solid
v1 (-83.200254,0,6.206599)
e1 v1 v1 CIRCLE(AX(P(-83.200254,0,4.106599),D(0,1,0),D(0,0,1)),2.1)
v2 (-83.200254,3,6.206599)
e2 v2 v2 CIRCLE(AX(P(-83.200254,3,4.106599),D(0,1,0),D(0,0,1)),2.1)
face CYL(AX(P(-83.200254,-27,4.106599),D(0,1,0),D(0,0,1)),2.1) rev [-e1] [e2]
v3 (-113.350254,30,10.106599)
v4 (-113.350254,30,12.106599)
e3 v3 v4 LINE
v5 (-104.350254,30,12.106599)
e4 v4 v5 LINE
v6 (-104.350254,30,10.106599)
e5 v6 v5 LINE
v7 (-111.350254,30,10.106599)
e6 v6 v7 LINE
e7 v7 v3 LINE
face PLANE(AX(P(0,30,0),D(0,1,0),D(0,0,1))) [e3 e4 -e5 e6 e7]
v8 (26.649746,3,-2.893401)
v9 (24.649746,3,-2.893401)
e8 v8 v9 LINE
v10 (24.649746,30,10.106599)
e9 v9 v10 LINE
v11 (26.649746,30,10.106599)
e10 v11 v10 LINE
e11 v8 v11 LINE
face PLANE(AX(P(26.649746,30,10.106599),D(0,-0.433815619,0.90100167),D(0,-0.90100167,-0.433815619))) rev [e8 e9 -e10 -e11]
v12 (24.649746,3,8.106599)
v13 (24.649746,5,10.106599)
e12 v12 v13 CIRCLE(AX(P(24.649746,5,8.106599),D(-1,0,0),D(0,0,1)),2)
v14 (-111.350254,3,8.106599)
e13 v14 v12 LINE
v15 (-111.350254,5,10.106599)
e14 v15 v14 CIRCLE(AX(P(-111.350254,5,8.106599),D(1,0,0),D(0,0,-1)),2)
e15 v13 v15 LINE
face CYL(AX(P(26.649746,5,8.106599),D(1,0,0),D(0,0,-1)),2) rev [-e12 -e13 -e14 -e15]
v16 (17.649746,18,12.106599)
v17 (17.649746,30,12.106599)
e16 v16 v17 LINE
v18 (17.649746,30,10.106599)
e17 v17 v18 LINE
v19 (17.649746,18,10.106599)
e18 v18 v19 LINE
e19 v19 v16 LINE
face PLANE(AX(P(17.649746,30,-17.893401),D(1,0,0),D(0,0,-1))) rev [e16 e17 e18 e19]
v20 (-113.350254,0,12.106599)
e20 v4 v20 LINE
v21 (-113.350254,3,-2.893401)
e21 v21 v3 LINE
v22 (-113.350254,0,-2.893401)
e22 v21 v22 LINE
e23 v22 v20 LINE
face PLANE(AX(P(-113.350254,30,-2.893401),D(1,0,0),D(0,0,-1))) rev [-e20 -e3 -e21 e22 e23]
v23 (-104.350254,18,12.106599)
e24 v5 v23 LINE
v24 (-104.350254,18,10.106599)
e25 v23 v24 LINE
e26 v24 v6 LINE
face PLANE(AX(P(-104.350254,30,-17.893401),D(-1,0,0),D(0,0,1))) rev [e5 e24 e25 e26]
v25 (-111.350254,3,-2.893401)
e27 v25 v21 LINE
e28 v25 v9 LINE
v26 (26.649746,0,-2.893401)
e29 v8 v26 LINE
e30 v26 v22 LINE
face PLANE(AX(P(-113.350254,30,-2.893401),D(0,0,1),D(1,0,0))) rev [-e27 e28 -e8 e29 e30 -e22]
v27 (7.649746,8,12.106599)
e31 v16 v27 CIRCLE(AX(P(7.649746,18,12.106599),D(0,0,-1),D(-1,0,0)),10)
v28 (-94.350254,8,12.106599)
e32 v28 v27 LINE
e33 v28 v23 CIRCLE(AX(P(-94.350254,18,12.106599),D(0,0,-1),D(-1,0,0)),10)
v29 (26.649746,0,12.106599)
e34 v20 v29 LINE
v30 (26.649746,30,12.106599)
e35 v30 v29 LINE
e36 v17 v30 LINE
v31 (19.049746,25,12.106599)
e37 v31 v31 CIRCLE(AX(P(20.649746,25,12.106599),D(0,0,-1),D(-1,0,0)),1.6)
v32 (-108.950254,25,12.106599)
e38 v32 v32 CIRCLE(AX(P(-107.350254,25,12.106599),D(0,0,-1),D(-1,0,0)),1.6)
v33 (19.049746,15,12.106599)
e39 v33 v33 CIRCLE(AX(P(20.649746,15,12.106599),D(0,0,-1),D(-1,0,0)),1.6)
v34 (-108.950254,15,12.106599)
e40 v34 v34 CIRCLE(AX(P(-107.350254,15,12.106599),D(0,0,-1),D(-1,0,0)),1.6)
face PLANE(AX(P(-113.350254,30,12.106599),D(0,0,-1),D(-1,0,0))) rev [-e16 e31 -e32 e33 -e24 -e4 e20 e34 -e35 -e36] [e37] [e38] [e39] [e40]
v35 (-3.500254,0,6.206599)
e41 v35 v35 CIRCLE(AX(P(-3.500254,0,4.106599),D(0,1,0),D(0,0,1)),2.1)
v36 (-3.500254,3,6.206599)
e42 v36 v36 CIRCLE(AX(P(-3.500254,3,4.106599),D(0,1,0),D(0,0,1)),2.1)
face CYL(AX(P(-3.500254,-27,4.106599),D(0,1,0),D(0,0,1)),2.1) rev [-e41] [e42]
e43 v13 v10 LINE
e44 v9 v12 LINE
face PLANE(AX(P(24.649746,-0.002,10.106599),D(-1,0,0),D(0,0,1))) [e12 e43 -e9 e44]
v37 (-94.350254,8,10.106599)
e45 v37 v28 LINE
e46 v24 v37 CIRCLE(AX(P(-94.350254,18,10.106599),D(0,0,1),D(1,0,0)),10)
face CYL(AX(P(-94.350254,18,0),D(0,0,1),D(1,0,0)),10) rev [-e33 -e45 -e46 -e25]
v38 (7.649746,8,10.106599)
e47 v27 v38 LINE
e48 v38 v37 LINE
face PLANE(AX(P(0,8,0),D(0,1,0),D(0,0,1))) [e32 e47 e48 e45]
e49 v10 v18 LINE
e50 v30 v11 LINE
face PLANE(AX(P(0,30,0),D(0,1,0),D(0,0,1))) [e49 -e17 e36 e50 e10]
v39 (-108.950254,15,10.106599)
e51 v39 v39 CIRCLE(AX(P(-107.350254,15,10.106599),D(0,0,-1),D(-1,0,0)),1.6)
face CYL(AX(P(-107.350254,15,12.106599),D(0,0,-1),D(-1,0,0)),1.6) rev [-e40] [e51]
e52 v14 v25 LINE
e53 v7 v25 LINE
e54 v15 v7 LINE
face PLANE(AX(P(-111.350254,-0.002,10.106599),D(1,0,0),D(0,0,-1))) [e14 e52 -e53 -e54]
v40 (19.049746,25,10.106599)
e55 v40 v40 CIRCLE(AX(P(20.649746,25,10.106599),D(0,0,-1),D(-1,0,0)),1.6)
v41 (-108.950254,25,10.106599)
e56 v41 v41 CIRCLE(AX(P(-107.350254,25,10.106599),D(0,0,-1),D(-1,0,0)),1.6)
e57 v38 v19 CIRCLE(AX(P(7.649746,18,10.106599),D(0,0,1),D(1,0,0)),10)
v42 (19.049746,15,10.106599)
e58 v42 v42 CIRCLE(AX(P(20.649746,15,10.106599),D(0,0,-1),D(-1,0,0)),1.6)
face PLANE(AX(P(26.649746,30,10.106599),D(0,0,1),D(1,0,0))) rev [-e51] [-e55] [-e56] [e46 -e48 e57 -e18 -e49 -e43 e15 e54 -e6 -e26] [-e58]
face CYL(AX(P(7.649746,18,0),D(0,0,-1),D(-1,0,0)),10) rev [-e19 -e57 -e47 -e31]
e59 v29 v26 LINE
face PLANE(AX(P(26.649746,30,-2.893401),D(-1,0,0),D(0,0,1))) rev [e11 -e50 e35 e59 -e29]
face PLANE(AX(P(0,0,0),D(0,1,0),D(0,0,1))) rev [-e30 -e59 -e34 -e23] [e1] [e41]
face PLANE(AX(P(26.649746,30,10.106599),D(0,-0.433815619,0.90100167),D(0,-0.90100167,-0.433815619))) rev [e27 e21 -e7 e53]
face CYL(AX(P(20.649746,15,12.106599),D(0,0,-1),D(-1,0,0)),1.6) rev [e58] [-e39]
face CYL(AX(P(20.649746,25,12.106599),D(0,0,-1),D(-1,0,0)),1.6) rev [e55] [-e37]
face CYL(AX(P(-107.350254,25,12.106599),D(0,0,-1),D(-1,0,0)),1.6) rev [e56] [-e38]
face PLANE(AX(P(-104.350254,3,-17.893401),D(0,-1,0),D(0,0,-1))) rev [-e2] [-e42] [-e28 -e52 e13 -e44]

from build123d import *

# Parameters (mm, degrees)
SKETCH1_W           = 140
SKETCH1_H           = 15
BOSS_EXTRUDE1_DEPTH = 30
SKETCH2_W           = 122
SKETCH2_H           = 27
CUT_EXTRUDE1_DEPTH  = 30
SKETCH3_W           = 13
SKETCH3_H           = 27
CUT_EXTRUDE2_DEPTH  = 144.689142732
BOSS_EXTRUDE2_REACH = 119.876
SKETCH4_W           = 2
SKETCH4_H           = 13
CUT_EXTRUDE3_DEPTH  = 144.689142732
SKETCH6_R           = 1.6
CUT_EXTRUDE4_DEPTH  = 118.971522149
SKETCH7_R           = 2.1
CUT_EXTRUDE5_DEPTH  = 30
SKETCH8_W           = 122
SKETCH8_H           = 2
BOSS_EXTRUDE3_DEPTH = 5
FILLET3_R           = 10
FILLET4_R           = 2


with BuildPart() as part:
    # Sketch1 → Boss-Extrude1 (new body)
    with BuildSketch(Plane(origin=(0, 0, 0), x_dir=(1, 0, 0), z_dir=(0, 1, 0))):
        with Locations((-43.350253807, -4.606598985)):
            Rectangle(SKETCH1_W, SKETCH1_H)
    extrude(amount=BOSS_EXTRUDE1_DEPTH)

    # Sketch2 → Cut-Extrude1 (cut)
    with BuildSketch(Plane.XY.offset(12.106598985)):
        with Locations((-43.350253807, 16.5)):
            Rectangle(SKETCH2_W, SKETCH2_H)
    extrude(amount=-CUT_EXTRUDE1_DEPTH, mode=Mode.SUBTRACT)

    # Sketch3 → Cut-Extrude2 (cut, through all)
    with BuildSketch(Plane.ZY.offset(113.350253807)):
        with Locations((3.606598985, 16.5)):
            Rectangle(SKETCH3_W, SKETCH3_H)
    extrude(amount=-CUT_EXTRUDE2_DEPTH, mode=Mode.SUBTRACT)

    # Sketch4 → Boss-Extrude2 (add, up to next)
    with BuildSketch(Plane(origin=(0, 30, 0), x_dir=(1, 0, 0), z_dir=(0, 1, 0)), mode=Mode.PRIVATE) as boss_extrude2_sk1:
        with Locations((25.649746193, -3.606598985)):
            Rectangle(SKETCH4_W, SKETCH4_H)
    boss_extrude2_tool1 = extrude(boss_extrude2_sk1.sketch, amount=-BOSS_EXTRUDE2_REACH, mode=Mode.PRIVATE) - part.part
    # Sketch4 → Boss-Extrude2 (add, up to next)
    with BuildSketch(Plane(origin=(0, 30, 0), x_dir=(1, 0, 0), z_dir=(0, 1, 0)), mode=Mode.PRIVATE) as boss_extrude2_sk2:
        with Locations((-112.350253807, -3.606598985)):
            Rectangle(SKETCH4_W, SKETCH4_H)
    boss_extrude2_tool2 = extrude(boss_extrude2_sk2.sketch, amount=-BOSS_EXTRUDE2_REACH, mode=Mode.PRIVATE) - part.part
    add(boss_extrude2_tool1.solids().sort_by_distance((25.649746, 30, 3.606599))[0])
    add(boss_extrude2_tool2.solids().sort_by_distance((-112.350254, 30, 3.606599))[0])

    # Sketch5 → Cut-Extrude3 (cut, through all)
    with BuildSketch(Plane.ZY.offset(113.350253807)):
        Polygon((10.106598985, 30), (-2.893401015, 3), (-2.893401015, 30), align=None)
    extrude(amount=-CUT_EXTRUDE3_DEPTH, mode=Mode.SUBTRACT)

    # Sketch6 → Cut-Extrude4 (cut, through all)
    with BuildSketch(Plane(origin=(0, 0, 10.106598985), x_dir=(-1, 0, 0), z_dir=(0, 0, -1))):
        with Locations((-20.649746193, 25)):
            Circle(SKETCH6_R)
        with Locations((-20.649746193, 15)):
            Circle(SKETCH6_R)
        with Locations((107.350253807, 25)):
            Circle(SKETCH6_R)
        with Locations((107.350253807, 15)):
            Circle(SKETCH6_R)
    extrude(amount=-CUT_EXTRUDE4_DEPTH, mode=Mode.SUBTRACT)

    # Sketch7 → Cut-Extrude5 (cut)
    with BuildSketch(Plane(origin=(0, 3, 0), x_dir=(1, 0, 0), z_dir=(0, 1, 0))):
        with Locations(Location((-3.500253807, -4.106598985, 0), (0, 0, 270))):
            Circle(SKETCH7_R)
        with Locations(Location((-83.200253807, -4.106598985, 0), (0, 0, 270))):
            Circle(SKETCH7_R)
    extrude(amount=-CUT_EXTRUDE5_DEPTH, mode=Mode.SUBTRACT)

    # Sketch8 → Boss-Extrude3 (add)
    with BuildSketch(Plane(origin=(0, 3, 0), x_dir=(1, 0, 0), z_dir=(0, 1, 0))):
        with Locations((-43.350253807, -11.106598985)):
            Rectangle(SKETCH8_W, SKETCH8_H)
    extrude(amount=BOSS_EXTRUDE3_DEPTH)

    # Fillet3
    fillet3_edges = [part.edges().sort_by_distance(p)[0] for p in [
        (17.649746193, 8, 11.106598985),
        (-104.350253807, 8, 11.106598985),
    ]]
    fillet(fillet3_edges, radius=FILLET3_R)

    # Fillet4
    fillet4_edges = [part.edges().sort_by_distance(p)[0] for p in [
        (-43.350253807, 3, 10.106598985),
    ]]
    fillet(fillet4_edges, radius=FILLET4_R)


solid = part.part
